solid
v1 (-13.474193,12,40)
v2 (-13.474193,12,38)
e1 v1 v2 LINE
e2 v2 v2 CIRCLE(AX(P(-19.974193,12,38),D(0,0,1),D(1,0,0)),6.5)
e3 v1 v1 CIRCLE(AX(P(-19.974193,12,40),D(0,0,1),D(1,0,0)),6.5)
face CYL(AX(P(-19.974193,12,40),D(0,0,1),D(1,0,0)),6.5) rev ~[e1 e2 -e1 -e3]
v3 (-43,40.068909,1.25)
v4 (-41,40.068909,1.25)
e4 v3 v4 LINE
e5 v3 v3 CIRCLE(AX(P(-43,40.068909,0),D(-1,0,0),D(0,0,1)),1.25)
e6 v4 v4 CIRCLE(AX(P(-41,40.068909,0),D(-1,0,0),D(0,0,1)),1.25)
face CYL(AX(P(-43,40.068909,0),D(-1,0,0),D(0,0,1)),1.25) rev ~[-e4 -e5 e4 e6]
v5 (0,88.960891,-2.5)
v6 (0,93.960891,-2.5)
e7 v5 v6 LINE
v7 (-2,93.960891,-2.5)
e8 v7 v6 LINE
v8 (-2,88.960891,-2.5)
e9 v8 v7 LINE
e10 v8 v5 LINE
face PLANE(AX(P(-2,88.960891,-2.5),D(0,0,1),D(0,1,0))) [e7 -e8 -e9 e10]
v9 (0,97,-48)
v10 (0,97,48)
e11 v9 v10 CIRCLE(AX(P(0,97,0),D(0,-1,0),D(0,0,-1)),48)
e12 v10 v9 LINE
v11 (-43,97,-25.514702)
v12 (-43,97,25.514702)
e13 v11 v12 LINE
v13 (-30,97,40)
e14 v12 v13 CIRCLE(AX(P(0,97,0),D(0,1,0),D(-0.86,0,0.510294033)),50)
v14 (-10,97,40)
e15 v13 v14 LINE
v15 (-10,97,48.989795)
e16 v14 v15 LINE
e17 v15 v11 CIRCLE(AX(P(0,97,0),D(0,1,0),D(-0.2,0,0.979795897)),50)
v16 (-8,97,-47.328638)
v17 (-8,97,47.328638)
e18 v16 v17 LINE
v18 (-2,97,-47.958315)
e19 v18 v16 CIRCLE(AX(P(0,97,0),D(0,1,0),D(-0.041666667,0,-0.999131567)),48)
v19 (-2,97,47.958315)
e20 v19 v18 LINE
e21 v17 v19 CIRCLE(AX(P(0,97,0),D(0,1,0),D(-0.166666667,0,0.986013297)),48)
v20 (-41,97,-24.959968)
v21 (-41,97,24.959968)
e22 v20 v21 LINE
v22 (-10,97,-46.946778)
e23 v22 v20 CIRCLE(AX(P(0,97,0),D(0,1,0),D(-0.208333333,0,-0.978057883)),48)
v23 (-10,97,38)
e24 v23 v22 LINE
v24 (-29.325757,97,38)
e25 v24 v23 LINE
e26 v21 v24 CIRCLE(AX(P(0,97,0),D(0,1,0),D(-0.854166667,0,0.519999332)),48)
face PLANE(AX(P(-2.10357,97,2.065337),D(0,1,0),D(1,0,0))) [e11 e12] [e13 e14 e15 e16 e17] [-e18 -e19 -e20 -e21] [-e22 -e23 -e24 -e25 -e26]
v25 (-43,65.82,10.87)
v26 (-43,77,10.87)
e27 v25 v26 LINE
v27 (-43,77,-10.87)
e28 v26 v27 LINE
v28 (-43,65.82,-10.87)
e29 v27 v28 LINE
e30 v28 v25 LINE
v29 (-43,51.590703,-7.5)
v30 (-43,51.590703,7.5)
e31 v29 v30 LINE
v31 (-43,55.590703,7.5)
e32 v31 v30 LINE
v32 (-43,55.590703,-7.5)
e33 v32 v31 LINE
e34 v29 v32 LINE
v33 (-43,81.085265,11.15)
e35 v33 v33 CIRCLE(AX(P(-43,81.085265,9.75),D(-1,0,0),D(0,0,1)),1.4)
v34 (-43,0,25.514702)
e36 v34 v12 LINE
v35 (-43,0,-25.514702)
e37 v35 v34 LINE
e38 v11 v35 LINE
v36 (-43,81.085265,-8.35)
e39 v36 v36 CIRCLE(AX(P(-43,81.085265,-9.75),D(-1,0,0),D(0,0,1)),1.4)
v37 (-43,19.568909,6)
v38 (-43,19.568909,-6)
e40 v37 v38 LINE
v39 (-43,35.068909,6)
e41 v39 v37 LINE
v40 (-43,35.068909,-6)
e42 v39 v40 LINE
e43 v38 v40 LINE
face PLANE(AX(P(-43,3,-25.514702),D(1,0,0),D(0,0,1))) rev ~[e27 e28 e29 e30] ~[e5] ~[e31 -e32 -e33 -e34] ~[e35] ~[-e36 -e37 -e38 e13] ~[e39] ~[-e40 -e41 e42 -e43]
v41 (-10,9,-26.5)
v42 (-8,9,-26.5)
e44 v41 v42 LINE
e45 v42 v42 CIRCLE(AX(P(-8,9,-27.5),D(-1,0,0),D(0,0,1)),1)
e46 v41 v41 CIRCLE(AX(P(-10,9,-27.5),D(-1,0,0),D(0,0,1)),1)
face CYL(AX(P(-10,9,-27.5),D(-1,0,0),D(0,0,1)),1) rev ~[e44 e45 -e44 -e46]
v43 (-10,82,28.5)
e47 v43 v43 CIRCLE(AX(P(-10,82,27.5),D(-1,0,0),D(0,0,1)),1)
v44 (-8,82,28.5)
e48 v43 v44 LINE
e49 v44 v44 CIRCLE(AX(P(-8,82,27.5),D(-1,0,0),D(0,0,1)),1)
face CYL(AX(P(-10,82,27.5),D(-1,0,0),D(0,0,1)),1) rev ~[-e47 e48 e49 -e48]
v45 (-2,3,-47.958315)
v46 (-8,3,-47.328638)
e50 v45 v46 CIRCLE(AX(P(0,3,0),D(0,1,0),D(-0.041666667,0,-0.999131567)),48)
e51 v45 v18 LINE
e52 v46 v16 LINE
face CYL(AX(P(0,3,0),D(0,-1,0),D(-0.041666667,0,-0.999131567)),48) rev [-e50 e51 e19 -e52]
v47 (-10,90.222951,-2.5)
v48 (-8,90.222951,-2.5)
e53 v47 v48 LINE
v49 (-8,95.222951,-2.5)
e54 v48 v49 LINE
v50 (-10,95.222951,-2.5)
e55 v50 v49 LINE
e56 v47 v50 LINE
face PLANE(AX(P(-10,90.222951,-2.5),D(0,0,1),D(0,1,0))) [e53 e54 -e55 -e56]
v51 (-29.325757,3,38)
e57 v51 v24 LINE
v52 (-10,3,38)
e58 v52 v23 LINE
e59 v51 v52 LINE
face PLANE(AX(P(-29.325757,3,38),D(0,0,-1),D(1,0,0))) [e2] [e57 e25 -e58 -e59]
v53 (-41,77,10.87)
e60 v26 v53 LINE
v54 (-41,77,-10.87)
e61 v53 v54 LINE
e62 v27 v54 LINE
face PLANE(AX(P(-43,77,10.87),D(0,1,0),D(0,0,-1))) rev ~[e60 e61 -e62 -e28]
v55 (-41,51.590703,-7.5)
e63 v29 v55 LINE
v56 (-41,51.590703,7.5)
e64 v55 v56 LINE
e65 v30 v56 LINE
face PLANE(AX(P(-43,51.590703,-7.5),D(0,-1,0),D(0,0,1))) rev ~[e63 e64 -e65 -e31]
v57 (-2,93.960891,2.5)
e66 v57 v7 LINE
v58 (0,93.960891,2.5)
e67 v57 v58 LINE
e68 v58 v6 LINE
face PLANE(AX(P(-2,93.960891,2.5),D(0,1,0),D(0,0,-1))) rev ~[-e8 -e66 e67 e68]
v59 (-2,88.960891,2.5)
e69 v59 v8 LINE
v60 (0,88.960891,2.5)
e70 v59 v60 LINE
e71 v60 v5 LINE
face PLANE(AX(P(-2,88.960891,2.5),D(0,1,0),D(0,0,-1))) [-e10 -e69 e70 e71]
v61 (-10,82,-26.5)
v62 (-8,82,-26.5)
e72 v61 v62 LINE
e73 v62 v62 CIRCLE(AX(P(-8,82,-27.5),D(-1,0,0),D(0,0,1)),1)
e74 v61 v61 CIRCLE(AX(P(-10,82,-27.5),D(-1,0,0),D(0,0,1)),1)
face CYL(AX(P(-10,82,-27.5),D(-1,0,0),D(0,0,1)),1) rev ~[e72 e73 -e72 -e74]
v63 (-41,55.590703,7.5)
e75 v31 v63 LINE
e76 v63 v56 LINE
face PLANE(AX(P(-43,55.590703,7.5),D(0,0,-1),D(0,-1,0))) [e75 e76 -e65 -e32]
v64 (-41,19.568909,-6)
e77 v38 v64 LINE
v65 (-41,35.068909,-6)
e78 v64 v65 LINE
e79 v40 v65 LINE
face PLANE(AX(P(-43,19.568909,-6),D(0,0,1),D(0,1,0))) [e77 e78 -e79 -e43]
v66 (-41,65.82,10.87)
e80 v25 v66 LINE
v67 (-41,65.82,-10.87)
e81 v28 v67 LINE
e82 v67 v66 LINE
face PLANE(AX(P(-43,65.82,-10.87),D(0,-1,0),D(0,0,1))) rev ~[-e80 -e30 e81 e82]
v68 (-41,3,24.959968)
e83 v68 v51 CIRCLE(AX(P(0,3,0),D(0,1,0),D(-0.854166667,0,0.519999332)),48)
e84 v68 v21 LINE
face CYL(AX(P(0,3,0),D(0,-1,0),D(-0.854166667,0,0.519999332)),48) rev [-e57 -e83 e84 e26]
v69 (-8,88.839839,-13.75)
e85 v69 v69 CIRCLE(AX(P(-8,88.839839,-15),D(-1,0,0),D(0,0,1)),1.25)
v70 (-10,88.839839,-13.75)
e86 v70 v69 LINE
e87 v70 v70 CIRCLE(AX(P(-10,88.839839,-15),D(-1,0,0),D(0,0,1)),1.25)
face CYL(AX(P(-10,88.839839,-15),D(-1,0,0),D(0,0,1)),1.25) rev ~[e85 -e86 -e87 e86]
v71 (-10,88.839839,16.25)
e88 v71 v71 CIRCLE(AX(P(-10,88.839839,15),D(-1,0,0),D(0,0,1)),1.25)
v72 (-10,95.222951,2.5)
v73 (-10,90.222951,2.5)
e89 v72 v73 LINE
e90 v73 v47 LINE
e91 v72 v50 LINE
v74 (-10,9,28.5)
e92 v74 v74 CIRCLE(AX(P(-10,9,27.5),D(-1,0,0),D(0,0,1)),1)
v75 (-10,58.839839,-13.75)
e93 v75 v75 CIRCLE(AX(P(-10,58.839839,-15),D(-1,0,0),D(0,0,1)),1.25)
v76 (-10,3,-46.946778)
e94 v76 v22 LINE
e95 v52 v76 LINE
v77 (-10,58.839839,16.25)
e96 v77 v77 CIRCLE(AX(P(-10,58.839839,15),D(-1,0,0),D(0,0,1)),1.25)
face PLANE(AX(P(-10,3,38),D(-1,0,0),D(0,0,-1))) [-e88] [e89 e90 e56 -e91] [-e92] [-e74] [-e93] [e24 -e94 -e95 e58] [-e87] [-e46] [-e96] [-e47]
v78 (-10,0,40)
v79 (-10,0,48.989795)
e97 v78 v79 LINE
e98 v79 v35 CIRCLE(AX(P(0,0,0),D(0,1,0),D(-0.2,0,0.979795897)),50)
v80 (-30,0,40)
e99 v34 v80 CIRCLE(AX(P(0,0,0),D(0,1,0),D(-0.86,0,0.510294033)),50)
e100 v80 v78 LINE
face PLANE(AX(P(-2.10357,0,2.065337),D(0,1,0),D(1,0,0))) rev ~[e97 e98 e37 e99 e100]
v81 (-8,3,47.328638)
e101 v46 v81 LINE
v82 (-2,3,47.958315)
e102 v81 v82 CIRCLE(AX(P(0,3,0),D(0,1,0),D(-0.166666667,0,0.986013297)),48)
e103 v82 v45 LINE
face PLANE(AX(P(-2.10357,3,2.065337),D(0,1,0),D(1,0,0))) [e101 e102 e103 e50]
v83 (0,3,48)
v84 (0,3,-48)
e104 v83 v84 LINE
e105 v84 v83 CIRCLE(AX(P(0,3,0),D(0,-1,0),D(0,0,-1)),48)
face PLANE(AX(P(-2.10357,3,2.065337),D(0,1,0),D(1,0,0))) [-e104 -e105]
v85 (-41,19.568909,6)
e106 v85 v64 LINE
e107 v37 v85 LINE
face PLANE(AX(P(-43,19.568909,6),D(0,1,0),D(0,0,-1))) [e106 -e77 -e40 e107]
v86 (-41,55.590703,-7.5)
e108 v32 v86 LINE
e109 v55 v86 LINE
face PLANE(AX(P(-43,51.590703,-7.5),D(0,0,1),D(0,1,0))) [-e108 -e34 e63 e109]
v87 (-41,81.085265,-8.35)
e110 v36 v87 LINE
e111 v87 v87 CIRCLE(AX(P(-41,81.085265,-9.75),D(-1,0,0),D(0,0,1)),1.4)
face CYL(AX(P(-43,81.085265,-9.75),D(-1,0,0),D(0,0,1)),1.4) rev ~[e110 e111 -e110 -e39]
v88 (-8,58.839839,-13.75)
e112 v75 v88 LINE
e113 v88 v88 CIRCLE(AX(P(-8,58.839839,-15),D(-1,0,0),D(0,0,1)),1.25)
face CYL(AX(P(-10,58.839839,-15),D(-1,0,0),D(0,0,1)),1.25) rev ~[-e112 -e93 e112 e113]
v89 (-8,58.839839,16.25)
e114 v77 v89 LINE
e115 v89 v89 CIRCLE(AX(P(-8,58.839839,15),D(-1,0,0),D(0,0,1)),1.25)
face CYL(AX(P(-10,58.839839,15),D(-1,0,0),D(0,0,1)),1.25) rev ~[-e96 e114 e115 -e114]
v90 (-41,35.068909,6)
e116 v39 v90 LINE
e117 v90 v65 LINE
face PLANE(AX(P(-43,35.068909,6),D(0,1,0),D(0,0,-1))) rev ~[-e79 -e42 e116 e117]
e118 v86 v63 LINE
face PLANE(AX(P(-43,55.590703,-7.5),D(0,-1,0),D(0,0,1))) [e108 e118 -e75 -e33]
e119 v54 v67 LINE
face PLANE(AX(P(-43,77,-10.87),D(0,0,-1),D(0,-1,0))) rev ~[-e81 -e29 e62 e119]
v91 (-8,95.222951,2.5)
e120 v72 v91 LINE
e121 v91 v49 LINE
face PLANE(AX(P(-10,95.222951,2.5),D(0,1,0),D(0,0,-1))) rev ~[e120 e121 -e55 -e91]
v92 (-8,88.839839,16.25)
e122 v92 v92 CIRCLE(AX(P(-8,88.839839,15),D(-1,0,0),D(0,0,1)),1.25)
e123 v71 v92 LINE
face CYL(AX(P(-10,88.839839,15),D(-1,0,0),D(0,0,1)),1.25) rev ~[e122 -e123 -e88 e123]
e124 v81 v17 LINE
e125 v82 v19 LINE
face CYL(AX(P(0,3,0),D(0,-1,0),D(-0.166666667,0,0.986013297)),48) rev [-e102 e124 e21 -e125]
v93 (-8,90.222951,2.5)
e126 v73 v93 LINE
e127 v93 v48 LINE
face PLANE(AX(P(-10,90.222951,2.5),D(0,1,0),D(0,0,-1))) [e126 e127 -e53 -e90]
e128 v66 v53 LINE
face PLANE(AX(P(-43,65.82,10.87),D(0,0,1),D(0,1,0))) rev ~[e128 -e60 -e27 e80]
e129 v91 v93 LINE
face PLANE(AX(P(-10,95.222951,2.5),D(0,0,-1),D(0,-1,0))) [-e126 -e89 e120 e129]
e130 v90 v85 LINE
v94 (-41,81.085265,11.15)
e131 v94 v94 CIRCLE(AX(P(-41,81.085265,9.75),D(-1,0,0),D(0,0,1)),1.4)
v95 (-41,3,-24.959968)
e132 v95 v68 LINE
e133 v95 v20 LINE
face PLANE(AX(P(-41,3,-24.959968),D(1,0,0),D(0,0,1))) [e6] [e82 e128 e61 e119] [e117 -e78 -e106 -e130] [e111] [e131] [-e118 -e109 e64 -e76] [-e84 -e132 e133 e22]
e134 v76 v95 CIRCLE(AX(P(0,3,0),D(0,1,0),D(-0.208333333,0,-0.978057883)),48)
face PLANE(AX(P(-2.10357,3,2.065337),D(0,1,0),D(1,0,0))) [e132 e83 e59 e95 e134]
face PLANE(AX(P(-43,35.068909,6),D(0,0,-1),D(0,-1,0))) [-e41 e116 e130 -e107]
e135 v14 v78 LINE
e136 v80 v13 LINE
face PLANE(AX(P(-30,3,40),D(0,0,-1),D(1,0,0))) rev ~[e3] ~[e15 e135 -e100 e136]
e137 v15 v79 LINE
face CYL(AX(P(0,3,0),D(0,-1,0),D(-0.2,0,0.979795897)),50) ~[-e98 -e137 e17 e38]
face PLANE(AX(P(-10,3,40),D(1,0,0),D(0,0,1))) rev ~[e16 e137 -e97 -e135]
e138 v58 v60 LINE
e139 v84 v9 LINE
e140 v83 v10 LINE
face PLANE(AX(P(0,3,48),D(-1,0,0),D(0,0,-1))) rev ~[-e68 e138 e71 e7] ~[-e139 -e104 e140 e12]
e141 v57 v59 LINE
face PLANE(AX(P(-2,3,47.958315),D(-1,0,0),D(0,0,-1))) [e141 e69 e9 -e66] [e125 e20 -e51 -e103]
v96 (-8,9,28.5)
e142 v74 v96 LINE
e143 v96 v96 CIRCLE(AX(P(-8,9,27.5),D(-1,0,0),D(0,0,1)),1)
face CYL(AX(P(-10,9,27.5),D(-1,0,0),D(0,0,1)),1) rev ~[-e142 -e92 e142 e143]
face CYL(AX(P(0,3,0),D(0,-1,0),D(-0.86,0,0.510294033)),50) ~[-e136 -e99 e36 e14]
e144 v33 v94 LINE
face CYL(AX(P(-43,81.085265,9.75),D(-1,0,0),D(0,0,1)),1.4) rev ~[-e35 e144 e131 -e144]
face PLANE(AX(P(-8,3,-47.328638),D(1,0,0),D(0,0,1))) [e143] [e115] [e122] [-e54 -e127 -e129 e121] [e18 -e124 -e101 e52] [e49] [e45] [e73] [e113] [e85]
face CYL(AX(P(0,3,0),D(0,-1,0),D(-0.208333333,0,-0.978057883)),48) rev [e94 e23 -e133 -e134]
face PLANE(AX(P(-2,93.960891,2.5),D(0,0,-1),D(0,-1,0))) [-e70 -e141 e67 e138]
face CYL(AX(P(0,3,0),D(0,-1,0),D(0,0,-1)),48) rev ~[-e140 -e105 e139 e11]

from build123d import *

# Parameters (mm, degrees)
BOSS_EXTRUDE1_DEPTH = 3
BOSS_EXTRUDE2_DEPTH = 94
SKETCH4_R           = 1.4
SKETCH4_R_2         = 1.25
CUT_EXTRUDE1_DEPTH  = 2
SKETCH5_R           = 6.5
CUT_EXTRUDE2_DEPTH  = 2
SKETCH6_R           = 1
SKETCH6_R_2         = 1.25
CUT_EXTRUDE3_DEPTH  = 2
CUT_EXTRUDE4_DEPTH  = 2


with BuildPart() as part:
    # Sketch2 → Boss-Extrude1 (new body)
    with BuildSketch(Plane(origin=(0, 0, 0), x_dir=(1, 0, 0), z_dir=(0, 1, 0))):
        with BuildLine():
            Line((-43, 25.514701644), (-43, -25.514701644))
            ThreePointArc((-43, -25.514701644), (-37.211637523, -33.396018219), (-30, -40))
            Line((-30, -40), (-10, -40))
            Line((-10, -40), (-10, -48.989794856))
            ThreePointArc((-10, -48.989794856), (45.716299059, 20.248950598), (-43, 25.514701644))
        make_face()
    extrude(amount=BOSS_EXTRUDE1_DEPTH)

    # Sketch3 → Boss-Extrude2 (add)
    with BuildSketch(Plane(origin=(0, 3, 0), x_dir=(1, 0, 0), z_dir=(0, 1, 0))):
        with BuildLine():
            Line((-43, 25.514701644), (-43, -25.514701644))
            ThreePointArc((-43, -25.514701644), (-37.211637523, -33.396018219), (-30, -40))
            Line((-30, -40), (-10, -40))
            Line((-10, -40), (-10, -48.989794856))
            ThreePointArc((-10, -48.989794856), (45.716299059, 20.248950598), (-43, 25.514701644))
        make_face()
        with BuildLine():
            Line((-41, 24.959967949), (-41, -24.959967949))
            ThreePointArc((-41, -24.959967949), (-35.762251316, -32.01657978), (-29.325756597, -38))
            Line((-29.325756597, -38), (-10, -38))
            Line((-10, -38), (-10, 46.946778377))
            ThreePointArc((-10, 46.946778377), (-27.768776678, 39.152203537), (-41, 24.959967949))
        make_face(mode=Mode.SUBTRACT)
        with BuildLine():
            Line((-8, -38), (-8, -47.328638265))
            ThreePointArc((-8, -47.328638265), (-5.009902521, -47.737834856), (-2, -47.958315233))
            Line((-2, -47.958315233), (-2, 47.958315233))
            ThreePointArc((-2, 47.958315233), (-5.009902521, 47.737834856), (-8, 47.328638265))
            Line((-8, 47.328638265), (-8, -38))
        make_face(mode=Mode.SUBTRACT)
        with BuildLine():
            Line((0, 0), (0, 48))
            ThreePointArc((0, 48), (48, 0), (0, -48))
            Line((0, -48), (0, 0))
        make_face(mode=Mode.SUBTRACT)
    extrude(amount=BOSS_EXTRUDE2_DEPTH)

    # Sketch4 → Cut-Extrude1 (cut)
    with BuildSketch(Plane.ZY.offset(43)):
        with Locations((-9.75, 81.085264892)):
            Circle(SKETCH4_R)
        with Locations((9.75, 81.085264892)):
            Circle(SKETCH4_R)
        with Locations((0, 40.068908633)):
            Circle(SKETCH4_R_2)
        Polygon((0, 65.82), (10.87, 65.82), (10.87, 77), (-10.87, 77), (-10.87, 65.82), align=None)
        Polygon((-7.5, 55.590703336), (7.5, 55.590703336), (7.5, 51.590703336), (0, 51.590703336), (-7.5, 51.590703336), align=None)
        Polygon((0, 35.068908633), (6, 35.068908633), (6, 19.568908633), (-6, 19.568908633), (-6, 35.068908633), align=None)
    extrude(amount=-CUT_EXTRUDE1_DEPTH, mode=Mode.SUBTRACT)

    # Sketch5 → Cut-Extrude2 (cut)
    with BuildSketch(Plane.XY.offset(40)):
        with Locations((-19.974192729, 12)):
            Circle(SKETCH5_R)
    extrude(amount=-CUT_EXTRUDE2_DEPTH, mode=Mode.SUBTRACT)

    # Sketch6 → Cut-Extrude3 (cut)
    with BuildSketch(Plane.ZY.offset(10)):
        with Locations((-27.5, 82)):
            Circle(SKETCH6_R)
        with Locations((27.5, 82)):
            Circle(SKETCH6_R)
        with Locations((27.5, 9)):
            Circle(SKETCH6_R)
        with Locations((-27.5, 9)):
            Circle(SKETCH6_R)
        with Locations((-15, 88.839838551)):
            Circle(SKETCH6_R_2)
        with Locations((15, 88.839838551)):
            Circle(SKETCH6_R_2)
        with Locations((15, 58.839838551)):
            Circle(SKETCH6_R_2)
        with Locations((-15, 58.839838551)):
            Circle(SKETCH6_R_2)
        Polygon((-2.5, 95.222950519), (0, 95.222950519), (2.5, 95.222950519), (2.5, 90.222950519), (-2.5, 90.222950519), align=None)
    extrude(amount=-CUT_EXTRUDE3_DEPTH, mode=Mode.SUBTRACT)

    # Sketch7 → Cut-Extrude4 (cut)
    with BuildSketch(Plane.ZY.offset(2)):
        Polygon((-2.5, 93.960891169), (0, 93.960891169), (2.5, 93.960891169), (2.5, 88.960891169), (-2.5, 88.960891169), align=None)
    extrude(amount=-CUT_EXTRUDE4_DEPTH, mode=Mode.SUBTRACT)


solid = part.part
